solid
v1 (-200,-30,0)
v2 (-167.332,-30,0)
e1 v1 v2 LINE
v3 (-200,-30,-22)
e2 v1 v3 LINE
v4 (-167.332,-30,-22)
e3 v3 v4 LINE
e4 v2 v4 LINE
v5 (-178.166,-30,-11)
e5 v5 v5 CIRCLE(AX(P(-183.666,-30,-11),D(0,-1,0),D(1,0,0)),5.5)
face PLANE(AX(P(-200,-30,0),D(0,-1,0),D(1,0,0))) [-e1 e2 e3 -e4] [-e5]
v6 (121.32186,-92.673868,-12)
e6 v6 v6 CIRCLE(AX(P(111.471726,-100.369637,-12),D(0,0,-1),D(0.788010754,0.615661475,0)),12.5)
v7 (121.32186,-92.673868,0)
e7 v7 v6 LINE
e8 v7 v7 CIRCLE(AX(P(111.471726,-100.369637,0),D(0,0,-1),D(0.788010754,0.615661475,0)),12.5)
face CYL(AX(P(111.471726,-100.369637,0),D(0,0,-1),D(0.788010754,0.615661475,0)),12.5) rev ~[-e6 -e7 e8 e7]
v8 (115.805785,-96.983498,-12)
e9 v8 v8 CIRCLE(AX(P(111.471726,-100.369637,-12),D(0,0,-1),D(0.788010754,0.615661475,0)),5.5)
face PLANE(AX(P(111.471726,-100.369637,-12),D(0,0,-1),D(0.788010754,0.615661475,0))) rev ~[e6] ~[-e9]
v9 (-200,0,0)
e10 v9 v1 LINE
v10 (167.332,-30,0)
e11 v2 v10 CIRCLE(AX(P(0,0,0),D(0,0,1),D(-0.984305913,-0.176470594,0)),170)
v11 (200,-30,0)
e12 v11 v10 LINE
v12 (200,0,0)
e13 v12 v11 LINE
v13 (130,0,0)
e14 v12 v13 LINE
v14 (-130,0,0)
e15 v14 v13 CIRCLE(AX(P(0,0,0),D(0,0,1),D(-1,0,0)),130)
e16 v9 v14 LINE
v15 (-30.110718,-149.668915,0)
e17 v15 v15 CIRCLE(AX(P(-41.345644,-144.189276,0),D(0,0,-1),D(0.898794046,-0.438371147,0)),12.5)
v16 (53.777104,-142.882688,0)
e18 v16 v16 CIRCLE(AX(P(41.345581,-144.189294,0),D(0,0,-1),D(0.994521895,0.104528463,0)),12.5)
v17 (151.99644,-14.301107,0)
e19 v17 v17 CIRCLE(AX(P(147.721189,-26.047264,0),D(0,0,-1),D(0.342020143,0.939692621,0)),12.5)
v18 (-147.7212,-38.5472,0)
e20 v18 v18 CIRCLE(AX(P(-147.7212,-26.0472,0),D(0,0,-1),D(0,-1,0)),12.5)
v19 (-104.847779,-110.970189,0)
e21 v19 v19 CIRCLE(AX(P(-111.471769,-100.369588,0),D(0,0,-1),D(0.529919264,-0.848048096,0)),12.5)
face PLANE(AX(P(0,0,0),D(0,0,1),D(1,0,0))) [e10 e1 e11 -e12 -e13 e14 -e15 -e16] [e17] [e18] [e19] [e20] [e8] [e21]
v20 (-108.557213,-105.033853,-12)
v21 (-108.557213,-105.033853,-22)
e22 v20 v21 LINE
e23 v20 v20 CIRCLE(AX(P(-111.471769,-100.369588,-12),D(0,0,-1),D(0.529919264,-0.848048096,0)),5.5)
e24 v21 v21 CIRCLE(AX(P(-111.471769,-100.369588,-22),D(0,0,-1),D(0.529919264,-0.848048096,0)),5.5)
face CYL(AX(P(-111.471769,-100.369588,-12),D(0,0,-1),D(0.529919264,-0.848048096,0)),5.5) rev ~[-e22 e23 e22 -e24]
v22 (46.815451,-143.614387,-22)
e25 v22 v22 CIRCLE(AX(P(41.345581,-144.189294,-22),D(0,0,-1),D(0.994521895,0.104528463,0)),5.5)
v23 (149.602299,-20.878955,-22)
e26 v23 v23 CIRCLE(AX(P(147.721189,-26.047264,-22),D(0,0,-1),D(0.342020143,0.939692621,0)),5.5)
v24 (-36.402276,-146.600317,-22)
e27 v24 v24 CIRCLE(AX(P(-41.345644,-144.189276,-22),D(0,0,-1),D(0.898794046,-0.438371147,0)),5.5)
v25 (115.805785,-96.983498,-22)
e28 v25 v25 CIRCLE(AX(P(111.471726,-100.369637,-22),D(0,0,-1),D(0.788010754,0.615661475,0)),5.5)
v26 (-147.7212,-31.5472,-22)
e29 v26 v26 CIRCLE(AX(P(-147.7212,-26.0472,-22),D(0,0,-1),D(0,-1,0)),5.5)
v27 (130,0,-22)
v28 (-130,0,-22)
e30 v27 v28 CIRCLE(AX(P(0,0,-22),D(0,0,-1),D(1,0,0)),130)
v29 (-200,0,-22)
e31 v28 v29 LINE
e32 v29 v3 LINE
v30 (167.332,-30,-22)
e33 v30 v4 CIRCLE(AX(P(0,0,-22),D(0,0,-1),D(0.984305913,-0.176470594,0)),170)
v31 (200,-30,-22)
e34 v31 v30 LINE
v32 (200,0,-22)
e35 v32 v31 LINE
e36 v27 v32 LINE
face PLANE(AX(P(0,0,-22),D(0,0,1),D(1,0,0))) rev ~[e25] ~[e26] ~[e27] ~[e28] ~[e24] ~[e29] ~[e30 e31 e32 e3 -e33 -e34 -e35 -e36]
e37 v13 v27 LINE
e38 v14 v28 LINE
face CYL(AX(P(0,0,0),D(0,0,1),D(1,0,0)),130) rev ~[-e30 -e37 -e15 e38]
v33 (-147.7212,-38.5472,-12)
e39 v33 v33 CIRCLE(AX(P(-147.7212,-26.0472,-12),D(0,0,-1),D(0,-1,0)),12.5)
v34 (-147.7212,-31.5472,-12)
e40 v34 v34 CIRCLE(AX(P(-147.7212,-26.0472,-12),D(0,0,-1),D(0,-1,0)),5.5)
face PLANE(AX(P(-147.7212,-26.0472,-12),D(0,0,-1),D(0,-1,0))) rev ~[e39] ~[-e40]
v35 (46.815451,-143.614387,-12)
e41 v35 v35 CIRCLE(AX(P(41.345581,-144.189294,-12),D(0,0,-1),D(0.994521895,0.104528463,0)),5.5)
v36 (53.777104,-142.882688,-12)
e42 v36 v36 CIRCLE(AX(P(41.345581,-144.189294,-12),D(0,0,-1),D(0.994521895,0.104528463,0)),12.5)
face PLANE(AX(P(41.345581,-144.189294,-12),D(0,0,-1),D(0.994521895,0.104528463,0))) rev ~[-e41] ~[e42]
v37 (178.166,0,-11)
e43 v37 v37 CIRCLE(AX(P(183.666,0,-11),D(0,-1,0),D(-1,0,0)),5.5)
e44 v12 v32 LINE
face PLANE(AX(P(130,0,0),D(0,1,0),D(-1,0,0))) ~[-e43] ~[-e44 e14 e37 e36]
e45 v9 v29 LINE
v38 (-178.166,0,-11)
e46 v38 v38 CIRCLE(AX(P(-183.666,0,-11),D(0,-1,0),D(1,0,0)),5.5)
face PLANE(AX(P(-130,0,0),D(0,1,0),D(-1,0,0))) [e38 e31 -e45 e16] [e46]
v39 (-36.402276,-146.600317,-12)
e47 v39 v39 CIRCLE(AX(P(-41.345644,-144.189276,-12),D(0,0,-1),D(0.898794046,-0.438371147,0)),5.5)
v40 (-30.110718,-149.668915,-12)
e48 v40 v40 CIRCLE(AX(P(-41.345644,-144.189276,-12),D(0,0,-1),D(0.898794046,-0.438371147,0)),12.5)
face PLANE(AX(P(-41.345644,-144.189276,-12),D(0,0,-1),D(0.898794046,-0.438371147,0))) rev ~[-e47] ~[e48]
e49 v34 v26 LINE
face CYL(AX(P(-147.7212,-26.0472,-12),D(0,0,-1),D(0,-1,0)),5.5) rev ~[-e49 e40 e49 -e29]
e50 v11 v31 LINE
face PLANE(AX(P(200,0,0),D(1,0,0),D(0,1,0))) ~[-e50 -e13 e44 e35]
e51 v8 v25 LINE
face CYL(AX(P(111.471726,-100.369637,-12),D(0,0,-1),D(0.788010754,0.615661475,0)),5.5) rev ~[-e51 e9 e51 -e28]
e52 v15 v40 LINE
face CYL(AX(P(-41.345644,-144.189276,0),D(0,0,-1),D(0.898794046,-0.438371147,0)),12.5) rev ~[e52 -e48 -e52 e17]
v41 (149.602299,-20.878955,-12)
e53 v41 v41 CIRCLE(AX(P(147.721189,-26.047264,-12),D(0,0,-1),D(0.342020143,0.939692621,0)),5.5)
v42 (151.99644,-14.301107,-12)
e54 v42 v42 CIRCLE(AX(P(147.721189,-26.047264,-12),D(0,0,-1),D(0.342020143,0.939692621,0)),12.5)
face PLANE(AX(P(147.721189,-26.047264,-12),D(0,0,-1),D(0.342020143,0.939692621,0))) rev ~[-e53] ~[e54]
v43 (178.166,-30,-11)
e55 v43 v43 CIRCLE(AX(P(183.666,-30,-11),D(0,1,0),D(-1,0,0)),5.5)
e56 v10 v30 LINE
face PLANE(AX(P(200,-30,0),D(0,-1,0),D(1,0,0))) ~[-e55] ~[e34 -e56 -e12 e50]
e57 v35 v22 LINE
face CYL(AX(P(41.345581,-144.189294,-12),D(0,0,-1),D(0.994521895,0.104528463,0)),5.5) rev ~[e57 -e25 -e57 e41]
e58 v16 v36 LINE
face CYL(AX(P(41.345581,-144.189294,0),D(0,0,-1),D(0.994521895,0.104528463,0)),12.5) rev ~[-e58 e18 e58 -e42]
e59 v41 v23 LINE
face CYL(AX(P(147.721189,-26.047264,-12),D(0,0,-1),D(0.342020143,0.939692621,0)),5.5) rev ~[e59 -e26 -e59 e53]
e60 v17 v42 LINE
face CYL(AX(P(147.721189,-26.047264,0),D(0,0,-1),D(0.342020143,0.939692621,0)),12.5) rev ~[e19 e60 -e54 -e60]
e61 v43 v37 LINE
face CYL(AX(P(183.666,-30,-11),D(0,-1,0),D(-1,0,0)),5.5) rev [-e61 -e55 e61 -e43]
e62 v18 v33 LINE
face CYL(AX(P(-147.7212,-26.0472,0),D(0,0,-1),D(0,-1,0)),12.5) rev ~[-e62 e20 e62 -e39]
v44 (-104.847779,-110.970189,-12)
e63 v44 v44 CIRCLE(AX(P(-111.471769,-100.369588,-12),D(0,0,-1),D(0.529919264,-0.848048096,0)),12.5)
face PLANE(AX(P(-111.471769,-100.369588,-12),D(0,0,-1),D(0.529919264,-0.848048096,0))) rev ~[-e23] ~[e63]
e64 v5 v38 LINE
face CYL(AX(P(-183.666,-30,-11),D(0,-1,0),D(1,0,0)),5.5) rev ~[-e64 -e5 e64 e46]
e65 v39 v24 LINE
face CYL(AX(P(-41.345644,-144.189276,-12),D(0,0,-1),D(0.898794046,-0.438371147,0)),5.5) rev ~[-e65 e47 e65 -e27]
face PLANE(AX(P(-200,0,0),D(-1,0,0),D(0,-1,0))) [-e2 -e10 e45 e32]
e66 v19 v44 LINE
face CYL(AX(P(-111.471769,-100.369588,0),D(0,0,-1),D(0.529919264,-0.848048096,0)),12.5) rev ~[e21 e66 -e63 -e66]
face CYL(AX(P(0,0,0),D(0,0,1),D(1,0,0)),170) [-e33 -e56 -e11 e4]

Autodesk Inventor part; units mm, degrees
ref_plane "YZ Plane" through (0, 0, 0) normal (1, 0, 0) x (0, 1, 0)
ref_plane "XZ Plane" through (0, 0, 0) normal (0, 1, 0) x (-1, 0, 0)
ref_plane "XY Plane" through (0, 0, 0) normal (0, 0, 1) x (1, 0, 0)
sketch "Sketch1" plane through (0, 0, 0) normal (0, 0, 1) x (1, 0, 0)
  circle A0 centre (0, 0) radius 150 construction
  line L0 (0, 150) -> (0, 170) construction
  line L1 (0, 150) -> (0, 130) construction
  circle A1 centre (0, 0) radius 130
  circle A2 centre (0, 0) radius 170
  line L2 (-130, 0) -> (-130, 80) construction
  line L3 (-130, 80) -> (-170, 80) construction
  line L4 (-170, 80) -> (-170, 0) construction
  line L5 (-130, 0) -> (-170, 0)
  line L6 (-170, 0) -> (-200, 0)
  line L7 (-200, 0) -> (-200, -30)
  line L8 (-200, -30) -> (-167.332, -30)
  line L9 (-1.5, -168) -> (1.5, -168)
  line L10 (1.5, -168) -> (1.5, -210)
  line L11 (1.5, -210) -> (-1.5, -210)
  line L12 (-1.5, -210) -> (-1.5, -168)
  line L13 (0, -168) -> (0, -130)
  line L14 (-1.5, -210) -> (-30, -210)
  line L15 (-30, -210) -> (-30, -167.332)
  line L16 (0, -168) -> (0, -170)
  point P0 (170, 0)
  point P1 (0, -210)
  point P2 (-1.5, -169.9934)
  point P3 (1.5, -169.9934)
  dimension "d26" = 80
  dimension "d36" = 40
  dimension "d40" = 30
  dimension "d41" = 30
  dimension "d74" = 260
  dimension "d75" = 3
  dimension "d76" = 42
  dimension "d77" = 30
  dimension "d78" = 2
extrude "Extrusion1" add sketch "Sketch1" against normal blind 22 contours A1 L13 L9 L12 A2 L5 | A2 L8 L7 L6 | L16 A2 L12 L9
sketch "Sketch10" plane through (-200, -30, 0) normal (0, -1, 0) x (1, 0, 0)
  line L0 (0, 0) -> (32.668, 0) projected
  line L1 (0, 0) -> (0, -22) projected
  line L2 (32.668, -22) -> (0, -22) projected
  line L3 (32.668, 0) -> (32.668, -22) projected
  circle A0 centre (16.334, -11) radius 5.5
  line L4 (0, 0) -> (0, -22) projected
  line L5 (0, 0) -> (32.668, 0) projected
  point P0 (200, 0)
  point P1 (0, -11)
  point P2 (16.334, 0)
  dimension "d79" = 11
extrude "Extrusion9" cut sketch "Sketch10" against normal through all contours A0
mirror "Mirror3" about plane through (0, 0, 0) normal (1, 0, 0) of "Extrusion1", "Extrusion9"
sketch "Sketch12" plane through (0, 0, 0) normal (0, 0, 1) x (1, 0, 0)
  line L0 (0, 0) -> (-150, 0) construction
  line L1 (0, 0) -> (-147.7212, -26.0472) construction
  circle A0 centre (0, 0) radius 150 construction
  dimension "d86" = 10
  dimension "d87" = 300
hole "Hole4" at (-147.7212, -26.0472, 0) direction (0, 0, -1) diameter 11 end through all counterbore diameter 25 counterbore depth 12
pattern_circular "Circular Pattern5" count 6 over 160 about axis through (0, 0, -10) along (0, 0, 1) of "Hole4"
equation "\"d41\" = d40"
equation "\"d77\" = d41"
equation "\"d93\" = Thickness"
equation "\"BendReliefDepth\" = 0.5 * Thickness"
equation "\"Thickness\" = 30"
properties part number "ДМФ 093 Постель КОРМА v2.0" material "Nylon 6"
